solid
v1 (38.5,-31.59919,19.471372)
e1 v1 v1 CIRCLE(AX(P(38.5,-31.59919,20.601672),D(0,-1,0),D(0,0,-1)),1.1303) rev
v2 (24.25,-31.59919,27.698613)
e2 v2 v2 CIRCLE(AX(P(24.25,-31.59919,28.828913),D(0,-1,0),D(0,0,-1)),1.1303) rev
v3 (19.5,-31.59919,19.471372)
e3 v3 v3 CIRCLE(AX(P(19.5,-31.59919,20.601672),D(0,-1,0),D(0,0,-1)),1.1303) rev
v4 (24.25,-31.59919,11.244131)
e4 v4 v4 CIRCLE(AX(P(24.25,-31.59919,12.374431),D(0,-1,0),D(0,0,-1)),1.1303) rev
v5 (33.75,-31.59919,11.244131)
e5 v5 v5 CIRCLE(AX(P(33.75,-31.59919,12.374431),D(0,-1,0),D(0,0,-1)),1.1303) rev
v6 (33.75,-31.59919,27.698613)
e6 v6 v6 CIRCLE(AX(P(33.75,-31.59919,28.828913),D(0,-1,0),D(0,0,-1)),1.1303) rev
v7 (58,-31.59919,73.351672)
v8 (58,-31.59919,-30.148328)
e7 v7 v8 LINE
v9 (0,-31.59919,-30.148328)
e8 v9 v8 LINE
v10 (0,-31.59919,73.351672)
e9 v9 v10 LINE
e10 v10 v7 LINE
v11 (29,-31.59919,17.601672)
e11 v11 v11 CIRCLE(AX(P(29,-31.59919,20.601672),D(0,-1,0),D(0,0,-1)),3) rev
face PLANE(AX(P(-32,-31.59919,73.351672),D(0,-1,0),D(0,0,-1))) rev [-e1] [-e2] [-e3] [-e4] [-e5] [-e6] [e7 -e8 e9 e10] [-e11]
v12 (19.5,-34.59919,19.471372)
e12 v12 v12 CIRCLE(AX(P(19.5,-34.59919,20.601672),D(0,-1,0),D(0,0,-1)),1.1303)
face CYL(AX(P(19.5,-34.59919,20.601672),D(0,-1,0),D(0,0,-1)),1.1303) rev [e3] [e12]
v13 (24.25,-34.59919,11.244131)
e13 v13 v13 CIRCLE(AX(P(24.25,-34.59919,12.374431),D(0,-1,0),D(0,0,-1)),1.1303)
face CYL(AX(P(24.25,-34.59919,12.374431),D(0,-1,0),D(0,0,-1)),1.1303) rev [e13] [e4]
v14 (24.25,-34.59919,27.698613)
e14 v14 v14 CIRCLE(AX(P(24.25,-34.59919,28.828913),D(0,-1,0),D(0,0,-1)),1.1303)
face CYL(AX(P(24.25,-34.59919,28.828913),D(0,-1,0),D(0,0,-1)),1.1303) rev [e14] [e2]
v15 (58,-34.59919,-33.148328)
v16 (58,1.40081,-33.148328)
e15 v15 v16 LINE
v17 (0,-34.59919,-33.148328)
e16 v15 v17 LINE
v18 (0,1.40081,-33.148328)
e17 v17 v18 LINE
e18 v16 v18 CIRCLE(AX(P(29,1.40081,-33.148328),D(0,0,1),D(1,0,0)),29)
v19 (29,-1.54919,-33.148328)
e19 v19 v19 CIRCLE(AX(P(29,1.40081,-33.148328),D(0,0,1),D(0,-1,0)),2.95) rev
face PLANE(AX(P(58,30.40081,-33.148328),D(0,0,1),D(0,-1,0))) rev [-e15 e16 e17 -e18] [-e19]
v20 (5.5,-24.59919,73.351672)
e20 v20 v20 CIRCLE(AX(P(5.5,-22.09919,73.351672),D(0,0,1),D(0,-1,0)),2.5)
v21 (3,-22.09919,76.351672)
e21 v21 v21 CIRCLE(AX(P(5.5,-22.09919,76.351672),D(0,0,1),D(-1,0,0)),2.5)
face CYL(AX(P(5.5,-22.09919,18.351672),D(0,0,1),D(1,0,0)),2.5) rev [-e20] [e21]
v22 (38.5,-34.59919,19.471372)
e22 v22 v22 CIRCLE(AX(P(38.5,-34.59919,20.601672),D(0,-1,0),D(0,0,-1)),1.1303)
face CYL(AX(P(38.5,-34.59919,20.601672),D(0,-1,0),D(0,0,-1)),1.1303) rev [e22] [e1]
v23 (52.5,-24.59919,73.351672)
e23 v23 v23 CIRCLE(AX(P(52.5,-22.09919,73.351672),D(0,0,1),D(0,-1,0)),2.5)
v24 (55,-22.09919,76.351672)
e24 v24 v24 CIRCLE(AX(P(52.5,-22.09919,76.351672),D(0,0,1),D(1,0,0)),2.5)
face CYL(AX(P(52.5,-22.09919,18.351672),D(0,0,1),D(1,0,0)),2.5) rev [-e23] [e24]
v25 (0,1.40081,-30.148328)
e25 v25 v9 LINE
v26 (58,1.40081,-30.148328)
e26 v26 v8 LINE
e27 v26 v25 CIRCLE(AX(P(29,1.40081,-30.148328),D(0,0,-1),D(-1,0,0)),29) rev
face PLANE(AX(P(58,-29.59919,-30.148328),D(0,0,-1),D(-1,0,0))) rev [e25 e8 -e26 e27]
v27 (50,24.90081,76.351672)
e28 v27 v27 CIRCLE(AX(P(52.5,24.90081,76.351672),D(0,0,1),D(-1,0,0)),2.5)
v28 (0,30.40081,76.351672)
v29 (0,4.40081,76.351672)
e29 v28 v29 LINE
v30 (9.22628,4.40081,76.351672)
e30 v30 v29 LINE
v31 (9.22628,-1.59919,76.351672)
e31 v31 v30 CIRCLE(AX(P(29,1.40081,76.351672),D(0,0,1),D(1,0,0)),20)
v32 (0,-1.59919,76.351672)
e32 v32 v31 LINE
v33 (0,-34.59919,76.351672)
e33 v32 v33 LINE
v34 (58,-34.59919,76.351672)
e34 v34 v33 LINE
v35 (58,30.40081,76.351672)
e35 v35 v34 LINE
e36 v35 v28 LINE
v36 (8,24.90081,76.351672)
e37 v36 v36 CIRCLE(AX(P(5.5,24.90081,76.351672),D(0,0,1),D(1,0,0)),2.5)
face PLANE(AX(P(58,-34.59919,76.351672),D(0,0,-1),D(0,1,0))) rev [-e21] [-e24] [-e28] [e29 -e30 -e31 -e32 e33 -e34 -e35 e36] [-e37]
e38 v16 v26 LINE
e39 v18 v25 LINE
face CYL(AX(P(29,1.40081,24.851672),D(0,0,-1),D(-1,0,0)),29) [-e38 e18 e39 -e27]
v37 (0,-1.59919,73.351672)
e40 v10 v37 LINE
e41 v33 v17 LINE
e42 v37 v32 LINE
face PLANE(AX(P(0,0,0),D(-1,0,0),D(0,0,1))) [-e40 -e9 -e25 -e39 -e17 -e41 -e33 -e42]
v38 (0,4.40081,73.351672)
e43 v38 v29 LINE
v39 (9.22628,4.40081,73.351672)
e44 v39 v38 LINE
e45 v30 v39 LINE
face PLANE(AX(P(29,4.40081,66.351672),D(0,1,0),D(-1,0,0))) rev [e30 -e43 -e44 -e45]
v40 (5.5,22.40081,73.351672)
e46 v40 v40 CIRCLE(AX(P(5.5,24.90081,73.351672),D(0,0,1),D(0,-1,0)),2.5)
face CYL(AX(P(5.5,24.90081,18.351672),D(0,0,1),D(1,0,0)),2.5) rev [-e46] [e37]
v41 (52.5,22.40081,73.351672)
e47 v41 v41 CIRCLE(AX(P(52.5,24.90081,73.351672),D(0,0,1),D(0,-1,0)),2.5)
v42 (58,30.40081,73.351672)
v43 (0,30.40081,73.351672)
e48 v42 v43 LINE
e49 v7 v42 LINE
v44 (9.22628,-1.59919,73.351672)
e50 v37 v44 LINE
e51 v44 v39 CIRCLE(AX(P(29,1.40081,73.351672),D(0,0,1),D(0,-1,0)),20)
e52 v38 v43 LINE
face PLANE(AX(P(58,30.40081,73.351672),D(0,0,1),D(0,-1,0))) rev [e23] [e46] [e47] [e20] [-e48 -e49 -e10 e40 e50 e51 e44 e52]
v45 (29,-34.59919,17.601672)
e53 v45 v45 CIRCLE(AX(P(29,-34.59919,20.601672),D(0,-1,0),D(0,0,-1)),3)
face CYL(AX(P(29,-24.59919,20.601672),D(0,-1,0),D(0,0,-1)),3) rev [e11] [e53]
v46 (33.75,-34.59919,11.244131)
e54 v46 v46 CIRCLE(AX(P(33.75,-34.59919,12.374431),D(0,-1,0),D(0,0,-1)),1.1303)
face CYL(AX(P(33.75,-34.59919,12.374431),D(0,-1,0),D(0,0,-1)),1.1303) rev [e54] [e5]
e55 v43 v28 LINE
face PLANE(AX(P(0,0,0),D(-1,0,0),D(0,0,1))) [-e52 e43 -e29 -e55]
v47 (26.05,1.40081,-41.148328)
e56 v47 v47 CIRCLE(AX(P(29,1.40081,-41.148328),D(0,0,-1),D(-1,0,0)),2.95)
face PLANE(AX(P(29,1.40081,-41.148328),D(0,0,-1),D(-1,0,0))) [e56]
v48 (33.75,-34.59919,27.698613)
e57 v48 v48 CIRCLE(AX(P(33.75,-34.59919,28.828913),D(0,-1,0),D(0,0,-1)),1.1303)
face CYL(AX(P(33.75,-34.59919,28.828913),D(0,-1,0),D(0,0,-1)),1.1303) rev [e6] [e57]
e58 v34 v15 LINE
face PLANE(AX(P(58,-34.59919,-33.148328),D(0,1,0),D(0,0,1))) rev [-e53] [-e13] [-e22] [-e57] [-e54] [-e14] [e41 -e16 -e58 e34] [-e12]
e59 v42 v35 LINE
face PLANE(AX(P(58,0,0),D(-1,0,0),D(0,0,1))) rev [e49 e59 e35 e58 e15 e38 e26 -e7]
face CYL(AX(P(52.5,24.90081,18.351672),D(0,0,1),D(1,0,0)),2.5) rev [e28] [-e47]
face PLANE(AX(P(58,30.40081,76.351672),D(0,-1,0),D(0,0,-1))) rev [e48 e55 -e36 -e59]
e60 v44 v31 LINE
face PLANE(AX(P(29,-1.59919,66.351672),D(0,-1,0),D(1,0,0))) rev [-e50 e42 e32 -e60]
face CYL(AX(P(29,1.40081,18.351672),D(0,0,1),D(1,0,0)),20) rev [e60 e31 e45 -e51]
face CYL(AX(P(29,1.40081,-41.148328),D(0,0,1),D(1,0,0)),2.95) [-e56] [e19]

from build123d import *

# Parameters (mm, degrees)
BOSS_EXTRUDE1_DEPTH       = 58
SKETCH2_R                 = 2.5
SKETCH2_R_2               = 20
CUT_EXTRUDE1_DEPTH        = 58
CUT_EXTRUDE2_DEPTH        = 58
CUT_EXTRUDE3_DEPTH        = 58
SKETCH5_R                 = 2.95
BOSS_EXTRUDE2_DEPTH       = 8
SKETCH7_W                 = 29
SKETCH7_H                 = 6
CUT_EXTRUDE5_DEPTH        = 10
F_4_40_TAPPED_HOLE4_D     = 2.2606
F_4_40_TAPPED_HOLE4_DEPTH = 7.6
F_4_40_TAPPED_HOLE4_TIP   = 0.679152758
SKETCH25_R                = 3
CUT_EXTRUDE6_DEPTH        = 10
SKETCH26_W                = 103.5
SKETCH26_H                = 2
CUT_EXTRUDE7_DEPTH        = 90


with BuildPart() as part:
    # Sketch1 → Boss-Extrude1 (new body)
    with BuildSketch(Plane(origin=(0, 0, 0), x_dir=(0, 0, -1), z_dir=(1, 0, 0))):
        Polygon((-73.351671883, 30.400809615), (-73.351671883, -29.599190385), (30.148328117, -29.599190385), (30.148328117, 30.400809615), (33.148328117, 30.400809615), (33.148328117, -34.599190385), (-76.351671883, -34.599190385), (-76.351671883, 30.400809615), align=None)
    extrude(amount=BOSS_EXTRUDE1_DEPTH)

    # Sketch2 → Cut-Extrude1 (cut)
    with BuildSketch(Plane.XY.offset(76.351671883)):
        with Locations((5.5, 24.900809615)):
            Circle(SKETCH2_R)
        with Locations((52.5, 24.900809615)):
            Circle(SKETCH2_R)
        with Locations((52.5, -22.099190385)):
            Circle(SKETCH2_R)
        with Locations((5.5, -22.099190385)):
            Circle(SKETCH2_R)
        with Locations((29, 1.400809615)):
            Circle(SKETCH2_R_2)
    extrude(amount=-CUT_EXTRUDE1_DEPTH, mode=Mode.SUBTRACT)

    # Sketch3 → Cut-Extrude2 (cut)
    with BuildSketch(Plane(origin=(0, 0, -33.148328117), x_dir=(-1, 0, 0), z_dir=(0, 0, -1))):
        with BuildLine():
            Line((-29, 30.400809615), (-58, 30.400809615))
            Line((-58, 30.400809615), (-58, 1.400809615))
            ThreePointArc((-58, 1.400809615), (-49.506096654, 21.90690627), (-29, 30.400809615))
        make_face()
    extrude(amount=-CUT_EXTRUDE2_DEPTH, mode=Mode.SUBTRACT)

    # Sketch4 → Cut-Extrude3 (cut)
    with BuildSketch(Plane(origin=(0, 0, -33.148328117), x_dir=(-1, 0, 0), z_dir=(0, 0, -1))):
        with BuildLine():
            Line((-29, 30.400809615), (0, 30.400809615))
            Line((0, 30.400809615), (0, 1.400809615))
            ThreePointArc((0, 1.400809615), (-8.493903346, 21.90690627), (-29, 30.400809615))
        make_face()
    extrude(amount=-CUT_EXTRUDE3_DEPTH, mode=Mode.SUBTRACT)

    # Sketch5 → Boss-Extrude2 (add)
    with BuildSketch(Plane(origin=(0, 0, -33.148328117), x_dir=(-1, 0, 0), z_dir=(0, 0, -1))):
        with Locations((-29, 1.400809615)):
            Circle(SKETCH5_R)
    extrude(amount=BOSS_EXTRUDE2_DEPTH)

    # Sketch7 → Cut-Extrude5 (cut)
    with BuildSketch(Plane.XY.offset(76.351671883)):
        with Locations((14.5, 1.400809615)):
            Rectangle(SKETCH7_W, SKETCH7_H)
    extrude(amount=-CUT_EXTRUDE5_DEPTH, mode=Mode.SUBTRACT)

    # #4-40 Tapped Hole4
    with Locations(Plane(origin=(0, -34.599190385, 0), x_dir=(-1, 0, 0), z_dir=(0, -1, 0))):
        with Locations((-19.5, -20.601671883), (-24.25, -28.828913219), (-33.75, -28.828913219), (-38.5, -20.601671883), (-33.75, -12.374430547), (-24.25, -12.374430547)):
            Hole(F_4_40_TAPPED_HOLE4_D / 2, depth=F_4_40_TAPPED_HOLE4_DEPTH)
            with Locations((0, 0, -(F_4_40_TAPPED_HOLE4_DEPTH + F_4_40_TAPPED_HOLE4_TIP / 2))):  # 118° drill point
                Cone(0, F_4_40_TAPPED_HOLE4_D / 2, F_4_40_TAPPED_HOLE4_TIP, mode=Mode.SUBTRACT)

    # Sketch25 → Cut-Extrude6 (cut)
    with BuildSketch(Plane.XZ.offset(34.599190385)):
        with Locations((29, 20.601671883)):
            Circle(SKETCH25_R)
    extrude(amount=-CUT_EXTRUDE6_DEPTH, mode=Mode.SUBTRACT)

    # Sketch26 → Cut-Extrude7 (cut)
    with BuildSketch(Plane(origin=(58, 0, 0), x_dir=(0, 0, -1), z_dir=(1, 0, 0))):
        with Locations((-21.601671883, -30.599190385)):
            Rectangle(SKETCH26_W, SKETCH26_H)
    extrude(amount=-CUT_EXTRUDE7_DEPTH, mode=Mode.SUBTRACT)


solid = part.part
